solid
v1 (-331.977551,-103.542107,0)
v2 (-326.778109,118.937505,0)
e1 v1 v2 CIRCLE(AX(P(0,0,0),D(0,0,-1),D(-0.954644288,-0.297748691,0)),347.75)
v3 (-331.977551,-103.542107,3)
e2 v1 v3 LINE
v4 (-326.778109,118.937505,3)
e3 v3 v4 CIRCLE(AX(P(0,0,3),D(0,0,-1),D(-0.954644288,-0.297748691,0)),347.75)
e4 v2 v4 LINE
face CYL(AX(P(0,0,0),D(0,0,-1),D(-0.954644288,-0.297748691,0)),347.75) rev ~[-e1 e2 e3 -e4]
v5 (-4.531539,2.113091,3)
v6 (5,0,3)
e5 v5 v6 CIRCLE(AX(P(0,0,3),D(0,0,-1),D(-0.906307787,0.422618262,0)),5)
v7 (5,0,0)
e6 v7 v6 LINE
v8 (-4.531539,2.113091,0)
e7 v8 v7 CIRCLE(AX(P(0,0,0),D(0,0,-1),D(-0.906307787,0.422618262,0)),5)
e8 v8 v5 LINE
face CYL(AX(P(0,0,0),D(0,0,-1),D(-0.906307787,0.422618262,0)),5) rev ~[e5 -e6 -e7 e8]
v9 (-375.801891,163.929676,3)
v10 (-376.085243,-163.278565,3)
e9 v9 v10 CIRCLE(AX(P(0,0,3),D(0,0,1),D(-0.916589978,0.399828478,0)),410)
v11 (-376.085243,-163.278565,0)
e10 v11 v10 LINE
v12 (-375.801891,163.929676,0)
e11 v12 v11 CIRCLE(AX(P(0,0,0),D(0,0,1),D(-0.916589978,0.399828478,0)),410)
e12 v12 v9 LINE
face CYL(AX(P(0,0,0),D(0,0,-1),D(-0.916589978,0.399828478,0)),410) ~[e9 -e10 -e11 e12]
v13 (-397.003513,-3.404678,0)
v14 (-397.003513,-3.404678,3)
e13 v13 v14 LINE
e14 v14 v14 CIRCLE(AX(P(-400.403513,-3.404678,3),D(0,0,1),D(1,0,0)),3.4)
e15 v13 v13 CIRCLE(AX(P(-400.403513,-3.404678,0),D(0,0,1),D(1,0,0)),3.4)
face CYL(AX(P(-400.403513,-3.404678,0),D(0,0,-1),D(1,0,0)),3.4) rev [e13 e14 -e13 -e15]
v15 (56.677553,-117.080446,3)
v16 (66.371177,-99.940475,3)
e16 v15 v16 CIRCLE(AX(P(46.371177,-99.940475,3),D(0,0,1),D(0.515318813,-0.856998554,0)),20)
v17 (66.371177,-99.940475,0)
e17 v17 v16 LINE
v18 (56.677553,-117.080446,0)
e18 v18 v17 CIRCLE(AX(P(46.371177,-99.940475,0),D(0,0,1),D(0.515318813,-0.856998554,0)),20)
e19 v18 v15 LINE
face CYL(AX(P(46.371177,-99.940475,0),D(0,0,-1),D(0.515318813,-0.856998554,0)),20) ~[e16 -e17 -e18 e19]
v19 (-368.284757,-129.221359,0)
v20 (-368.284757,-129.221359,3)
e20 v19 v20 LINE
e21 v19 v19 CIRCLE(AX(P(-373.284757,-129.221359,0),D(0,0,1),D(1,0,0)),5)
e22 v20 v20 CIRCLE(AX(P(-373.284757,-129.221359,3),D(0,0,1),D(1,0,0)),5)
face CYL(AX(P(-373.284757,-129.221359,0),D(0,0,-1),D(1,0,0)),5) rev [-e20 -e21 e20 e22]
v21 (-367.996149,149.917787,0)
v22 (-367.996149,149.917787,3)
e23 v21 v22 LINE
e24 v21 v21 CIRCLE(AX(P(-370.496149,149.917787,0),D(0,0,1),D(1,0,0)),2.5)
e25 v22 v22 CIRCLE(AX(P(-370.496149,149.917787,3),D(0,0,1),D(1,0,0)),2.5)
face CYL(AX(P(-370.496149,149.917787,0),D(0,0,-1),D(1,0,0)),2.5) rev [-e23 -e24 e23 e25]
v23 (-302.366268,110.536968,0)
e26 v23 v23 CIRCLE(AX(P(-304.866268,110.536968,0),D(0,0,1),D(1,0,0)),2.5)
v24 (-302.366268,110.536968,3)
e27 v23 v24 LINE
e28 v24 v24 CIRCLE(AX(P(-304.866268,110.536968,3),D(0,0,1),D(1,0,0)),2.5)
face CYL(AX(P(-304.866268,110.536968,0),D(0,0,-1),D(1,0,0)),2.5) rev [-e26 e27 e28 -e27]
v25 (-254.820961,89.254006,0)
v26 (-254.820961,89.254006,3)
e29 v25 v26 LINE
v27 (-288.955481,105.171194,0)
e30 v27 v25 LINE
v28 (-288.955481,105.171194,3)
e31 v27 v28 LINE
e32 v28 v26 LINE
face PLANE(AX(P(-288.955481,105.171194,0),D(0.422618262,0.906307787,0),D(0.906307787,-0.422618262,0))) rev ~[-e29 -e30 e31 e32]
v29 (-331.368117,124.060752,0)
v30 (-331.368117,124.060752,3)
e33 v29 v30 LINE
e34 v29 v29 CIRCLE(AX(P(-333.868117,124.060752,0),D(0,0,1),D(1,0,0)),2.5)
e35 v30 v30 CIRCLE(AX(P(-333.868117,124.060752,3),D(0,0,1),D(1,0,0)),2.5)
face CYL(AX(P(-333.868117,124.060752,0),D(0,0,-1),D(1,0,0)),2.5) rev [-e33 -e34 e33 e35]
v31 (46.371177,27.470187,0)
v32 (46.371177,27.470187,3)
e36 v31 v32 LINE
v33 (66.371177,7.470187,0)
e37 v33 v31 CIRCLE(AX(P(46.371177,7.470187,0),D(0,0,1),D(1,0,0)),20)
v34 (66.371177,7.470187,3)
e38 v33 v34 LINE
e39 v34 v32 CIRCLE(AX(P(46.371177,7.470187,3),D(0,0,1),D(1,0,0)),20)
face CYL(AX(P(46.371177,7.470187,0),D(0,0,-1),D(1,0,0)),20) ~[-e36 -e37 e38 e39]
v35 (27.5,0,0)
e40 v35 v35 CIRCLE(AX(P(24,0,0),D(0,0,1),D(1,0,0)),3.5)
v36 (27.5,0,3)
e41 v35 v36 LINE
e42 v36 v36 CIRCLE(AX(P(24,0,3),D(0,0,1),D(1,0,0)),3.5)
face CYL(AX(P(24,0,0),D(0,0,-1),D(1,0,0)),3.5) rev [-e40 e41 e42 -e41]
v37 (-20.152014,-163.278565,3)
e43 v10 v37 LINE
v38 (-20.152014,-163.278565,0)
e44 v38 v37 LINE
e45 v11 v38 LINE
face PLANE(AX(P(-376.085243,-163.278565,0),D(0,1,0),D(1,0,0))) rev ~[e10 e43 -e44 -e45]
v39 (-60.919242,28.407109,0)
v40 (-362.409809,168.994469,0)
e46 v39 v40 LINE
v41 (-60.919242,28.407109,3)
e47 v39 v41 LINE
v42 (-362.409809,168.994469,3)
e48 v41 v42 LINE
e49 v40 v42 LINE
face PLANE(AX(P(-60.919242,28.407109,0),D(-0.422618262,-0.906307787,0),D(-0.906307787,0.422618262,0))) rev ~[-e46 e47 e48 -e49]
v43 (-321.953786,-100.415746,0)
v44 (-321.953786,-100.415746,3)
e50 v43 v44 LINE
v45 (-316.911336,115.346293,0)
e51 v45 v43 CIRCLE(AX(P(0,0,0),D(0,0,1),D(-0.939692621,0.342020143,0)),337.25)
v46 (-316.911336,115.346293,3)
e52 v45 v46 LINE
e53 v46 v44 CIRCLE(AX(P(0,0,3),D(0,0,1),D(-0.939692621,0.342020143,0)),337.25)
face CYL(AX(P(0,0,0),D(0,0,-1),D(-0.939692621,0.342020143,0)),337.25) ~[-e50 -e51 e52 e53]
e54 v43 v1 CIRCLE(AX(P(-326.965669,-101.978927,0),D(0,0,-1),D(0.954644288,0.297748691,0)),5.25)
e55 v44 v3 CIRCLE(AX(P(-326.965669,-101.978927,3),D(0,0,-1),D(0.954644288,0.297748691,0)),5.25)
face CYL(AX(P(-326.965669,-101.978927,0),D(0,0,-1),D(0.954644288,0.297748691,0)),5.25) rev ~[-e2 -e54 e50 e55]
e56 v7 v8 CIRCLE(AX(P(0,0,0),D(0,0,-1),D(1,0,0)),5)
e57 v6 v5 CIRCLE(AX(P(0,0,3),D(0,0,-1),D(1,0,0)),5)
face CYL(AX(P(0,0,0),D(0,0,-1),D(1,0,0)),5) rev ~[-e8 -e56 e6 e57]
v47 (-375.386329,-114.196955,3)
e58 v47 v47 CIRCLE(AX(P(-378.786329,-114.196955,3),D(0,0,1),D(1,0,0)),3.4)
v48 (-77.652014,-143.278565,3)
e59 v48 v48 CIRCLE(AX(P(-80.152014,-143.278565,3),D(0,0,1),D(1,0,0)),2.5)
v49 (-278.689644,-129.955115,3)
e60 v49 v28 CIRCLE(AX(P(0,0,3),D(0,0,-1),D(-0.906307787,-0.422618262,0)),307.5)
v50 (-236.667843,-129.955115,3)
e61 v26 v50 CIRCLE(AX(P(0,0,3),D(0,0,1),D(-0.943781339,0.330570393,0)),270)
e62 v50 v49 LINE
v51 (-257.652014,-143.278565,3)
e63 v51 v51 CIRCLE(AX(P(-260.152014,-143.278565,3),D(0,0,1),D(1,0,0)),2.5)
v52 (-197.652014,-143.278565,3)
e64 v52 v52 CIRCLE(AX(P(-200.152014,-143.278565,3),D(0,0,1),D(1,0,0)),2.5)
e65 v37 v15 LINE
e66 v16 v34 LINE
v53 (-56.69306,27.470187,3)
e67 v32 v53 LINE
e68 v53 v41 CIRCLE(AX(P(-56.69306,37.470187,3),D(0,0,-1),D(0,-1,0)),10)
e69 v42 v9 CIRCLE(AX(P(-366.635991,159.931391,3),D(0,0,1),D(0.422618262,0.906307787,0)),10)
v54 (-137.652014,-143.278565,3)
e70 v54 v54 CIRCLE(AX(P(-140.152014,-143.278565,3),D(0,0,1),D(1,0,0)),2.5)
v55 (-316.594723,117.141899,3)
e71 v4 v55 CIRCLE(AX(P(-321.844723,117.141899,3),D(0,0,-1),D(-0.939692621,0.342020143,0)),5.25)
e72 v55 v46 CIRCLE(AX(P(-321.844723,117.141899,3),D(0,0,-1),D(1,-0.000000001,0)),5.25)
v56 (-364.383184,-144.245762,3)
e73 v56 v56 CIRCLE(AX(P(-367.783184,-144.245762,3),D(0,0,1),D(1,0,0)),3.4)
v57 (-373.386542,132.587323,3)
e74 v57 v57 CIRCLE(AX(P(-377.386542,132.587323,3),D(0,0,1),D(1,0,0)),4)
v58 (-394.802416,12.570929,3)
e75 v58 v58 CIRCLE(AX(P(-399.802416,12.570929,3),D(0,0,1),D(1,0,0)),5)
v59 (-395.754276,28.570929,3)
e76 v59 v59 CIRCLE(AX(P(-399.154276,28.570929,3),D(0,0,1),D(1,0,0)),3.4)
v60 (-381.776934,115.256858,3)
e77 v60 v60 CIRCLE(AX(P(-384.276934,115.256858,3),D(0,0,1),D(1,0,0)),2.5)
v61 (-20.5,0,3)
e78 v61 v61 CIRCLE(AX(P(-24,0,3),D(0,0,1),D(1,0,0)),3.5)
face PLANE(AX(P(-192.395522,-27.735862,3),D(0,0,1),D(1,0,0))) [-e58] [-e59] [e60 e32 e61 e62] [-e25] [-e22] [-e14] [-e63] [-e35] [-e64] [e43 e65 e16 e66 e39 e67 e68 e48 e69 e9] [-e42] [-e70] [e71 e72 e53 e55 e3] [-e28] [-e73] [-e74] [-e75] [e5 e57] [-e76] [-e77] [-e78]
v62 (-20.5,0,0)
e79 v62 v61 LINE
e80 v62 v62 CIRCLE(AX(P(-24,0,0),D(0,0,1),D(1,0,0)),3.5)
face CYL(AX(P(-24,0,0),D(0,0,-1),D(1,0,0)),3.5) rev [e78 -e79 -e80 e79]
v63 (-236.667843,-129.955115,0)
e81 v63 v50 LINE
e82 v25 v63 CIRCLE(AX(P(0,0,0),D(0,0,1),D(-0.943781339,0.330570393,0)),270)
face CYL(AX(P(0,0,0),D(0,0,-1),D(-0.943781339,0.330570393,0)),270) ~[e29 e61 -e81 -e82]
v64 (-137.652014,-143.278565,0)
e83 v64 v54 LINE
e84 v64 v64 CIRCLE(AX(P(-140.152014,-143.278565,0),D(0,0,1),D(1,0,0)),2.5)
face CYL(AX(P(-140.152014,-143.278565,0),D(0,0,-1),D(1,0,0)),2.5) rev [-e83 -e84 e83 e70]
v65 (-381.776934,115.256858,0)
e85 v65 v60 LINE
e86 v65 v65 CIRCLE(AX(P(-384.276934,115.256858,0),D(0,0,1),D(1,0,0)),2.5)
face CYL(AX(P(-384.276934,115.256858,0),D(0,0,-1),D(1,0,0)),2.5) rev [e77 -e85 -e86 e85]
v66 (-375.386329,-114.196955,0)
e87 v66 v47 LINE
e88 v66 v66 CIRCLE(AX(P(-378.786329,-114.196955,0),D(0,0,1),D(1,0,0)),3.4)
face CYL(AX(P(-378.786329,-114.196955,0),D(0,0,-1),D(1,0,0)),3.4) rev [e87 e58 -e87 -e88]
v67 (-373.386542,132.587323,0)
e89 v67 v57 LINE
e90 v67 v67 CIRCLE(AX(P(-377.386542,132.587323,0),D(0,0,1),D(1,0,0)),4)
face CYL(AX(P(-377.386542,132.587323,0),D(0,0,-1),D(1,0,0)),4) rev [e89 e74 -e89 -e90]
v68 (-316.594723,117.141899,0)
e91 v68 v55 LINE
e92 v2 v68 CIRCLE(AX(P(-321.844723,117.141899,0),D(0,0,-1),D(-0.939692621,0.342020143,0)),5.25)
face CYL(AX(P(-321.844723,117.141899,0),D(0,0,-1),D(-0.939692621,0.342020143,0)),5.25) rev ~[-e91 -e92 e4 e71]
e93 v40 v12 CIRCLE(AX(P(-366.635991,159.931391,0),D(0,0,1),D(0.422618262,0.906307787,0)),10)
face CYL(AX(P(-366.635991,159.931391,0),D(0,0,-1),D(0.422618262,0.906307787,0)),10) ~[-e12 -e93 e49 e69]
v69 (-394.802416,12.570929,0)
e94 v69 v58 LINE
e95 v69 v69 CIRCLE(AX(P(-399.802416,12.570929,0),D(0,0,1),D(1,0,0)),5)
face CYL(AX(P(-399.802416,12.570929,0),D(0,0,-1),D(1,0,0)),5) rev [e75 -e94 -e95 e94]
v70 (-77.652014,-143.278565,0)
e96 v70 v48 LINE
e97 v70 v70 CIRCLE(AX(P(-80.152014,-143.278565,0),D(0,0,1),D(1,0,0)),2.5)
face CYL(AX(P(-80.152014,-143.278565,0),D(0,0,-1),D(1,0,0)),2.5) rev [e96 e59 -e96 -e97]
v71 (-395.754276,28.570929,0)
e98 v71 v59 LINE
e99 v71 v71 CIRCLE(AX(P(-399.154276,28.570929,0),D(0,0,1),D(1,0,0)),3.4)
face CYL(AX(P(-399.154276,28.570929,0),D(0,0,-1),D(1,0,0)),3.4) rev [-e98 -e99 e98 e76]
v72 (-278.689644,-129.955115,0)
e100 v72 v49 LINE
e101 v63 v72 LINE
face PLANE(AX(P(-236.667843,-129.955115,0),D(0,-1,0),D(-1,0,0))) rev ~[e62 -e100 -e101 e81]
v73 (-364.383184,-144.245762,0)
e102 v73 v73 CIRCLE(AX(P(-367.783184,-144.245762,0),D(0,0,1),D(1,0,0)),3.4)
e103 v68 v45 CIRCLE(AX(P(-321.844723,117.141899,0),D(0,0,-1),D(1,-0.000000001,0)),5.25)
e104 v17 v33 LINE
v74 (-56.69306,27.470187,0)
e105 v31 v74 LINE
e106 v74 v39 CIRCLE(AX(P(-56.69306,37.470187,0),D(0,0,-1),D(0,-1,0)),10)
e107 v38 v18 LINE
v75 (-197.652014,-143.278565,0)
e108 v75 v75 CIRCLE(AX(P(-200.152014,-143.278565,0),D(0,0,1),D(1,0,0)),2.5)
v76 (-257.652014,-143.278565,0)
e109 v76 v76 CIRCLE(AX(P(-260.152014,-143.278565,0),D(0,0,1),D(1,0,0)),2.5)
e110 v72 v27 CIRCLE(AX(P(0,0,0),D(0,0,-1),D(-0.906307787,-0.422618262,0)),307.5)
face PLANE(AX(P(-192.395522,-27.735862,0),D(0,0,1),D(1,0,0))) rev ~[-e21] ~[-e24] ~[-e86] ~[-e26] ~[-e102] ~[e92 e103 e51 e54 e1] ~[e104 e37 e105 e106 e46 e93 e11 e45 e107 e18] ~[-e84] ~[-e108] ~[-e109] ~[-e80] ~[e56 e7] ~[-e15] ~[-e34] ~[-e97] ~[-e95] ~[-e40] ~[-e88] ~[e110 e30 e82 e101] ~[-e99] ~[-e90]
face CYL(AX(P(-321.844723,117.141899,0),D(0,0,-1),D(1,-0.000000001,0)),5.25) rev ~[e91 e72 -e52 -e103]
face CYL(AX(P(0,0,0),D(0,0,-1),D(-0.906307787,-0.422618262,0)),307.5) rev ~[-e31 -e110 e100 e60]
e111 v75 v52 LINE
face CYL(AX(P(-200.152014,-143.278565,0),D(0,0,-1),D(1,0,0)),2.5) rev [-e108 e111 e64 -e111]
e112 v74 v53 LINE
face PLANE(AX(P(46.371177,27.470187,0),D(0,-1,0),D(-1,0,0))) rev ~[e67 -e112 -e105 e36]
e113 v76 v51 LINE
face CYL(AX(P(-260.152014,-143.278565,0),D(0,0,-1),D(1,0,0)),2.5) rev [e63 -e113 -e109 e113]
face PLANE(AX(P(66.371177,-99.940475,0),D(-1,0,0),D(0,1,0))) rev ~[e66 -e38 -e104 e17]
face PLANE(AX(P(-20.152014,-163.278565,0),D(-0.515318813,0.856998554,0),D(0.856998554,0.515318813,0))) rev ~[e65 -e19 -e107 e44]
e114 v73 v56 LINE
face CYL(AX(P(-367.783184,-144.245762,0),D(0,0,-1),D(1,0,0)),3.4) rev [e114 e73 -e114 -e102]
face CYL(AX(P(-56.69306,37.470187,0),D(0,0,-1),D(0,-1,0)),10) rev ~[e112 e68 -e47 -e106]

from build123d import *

# Parameters (mm, degrees)
SKETCH1_R           = 3.399999992
SKETCH1_R_2         = 4.999999996
SKETCH1_R_3         = 3.4
SKETCH1_R_4         = 2.499999993
SKETCH1_R_5         = 3.399999999
SKETCH1_R_6         = 3.5
SKETCH1_R_7         = 4.999999995
SKETCH1_R_8         = 2.5
SKETCH1_R_9         = 3.999999996
BOSS_EXTRUDE1_DEPTH = 3


with BuildPart() as part:
    # Sketch1 → Boss-Extrude1 (new body)
    with BuildSketch(Plane.XY):
        with BuildLine():
            Line((-376.085243079, -163.278565422), (-350.152013506, -163.278565422))
            Line((-350.152013506, -163.278565422), (-20.152013506, -163.278565422))
            Line((-20.152013506, -163.278565422), (56.677553307, -117.080446425))
            ThreePointArc((56.677553307, -117.080446425), (63.779903671, -109.786095566), (66.371177049, -99.940475351))
            Line((66.371177049, -99.940475351), (66.371177049, 7.470187014))
            ThreePointArc((66.371177049, 7.470187014), (60.513312673, 21.612322638), (46.371177049, 27.470187014))
            Line((46.371177049, 27.470187014), (-56.693059514, 27.470187014))
            ThreePointArc((-56.693059514, 27.470187014), (-58.857455653, 27.707226943), (-60.919242131, 28.407109144))
            Line((-60.919242131, 28.407109144), (-362.409808619, 168.994469159))
            ThreePointArc((-362.409808619, 168.994469159), (-370.173396171, 169.284827359), (-375.801891017, 163.92967607))
            ThreePointArc((-375.801891017, 163.92967607), (-409.999846255, 0.355046993), (-376.085243079, -163.278565422))
        make_face()
        with Locations((-367.783184481, -144.245762074)):
            Circle(SKETCH1_R, mode=Mode.SUBTRACT)
        with Locations((-373.28475698, -129.22135859)):
            Circle(SKETCH1_R_2, mode=Mode.SUBTRACT)
        with Locations((-378.786329478, -114.196955106)):
            Circle(SKETCH1_R_3, mode=Mode.SUBTRACT)
        with Locations((-260.152013506, -143.278565422)):
            Circle(SKETCH1_R_4, mode=Mode.SUBTRACT)
        with Locations((-200.152013506, -143.278565422)):
            Circle(SKETCH1_R_4, mode=Mode.SUBTRACT)
        with Locations((-400.403512963, -3.404677757)):
            Circle(SKETCH1_R_5, mode=Mode.SUBTRACT)
        with BuildLine():
            ThreePointArc((-278.689644498, -129.955115483), (-307.207328121, -13.412961613), (-288.955480876, 105.171194074))
            Line((-288.955480876, 105.171194074), (-254.820961391, 89.254006231))
            ThreePointArc((-254.820961391, 89.254006231), (-269.078930784, -22.282930678), (-236.667843088, -129.955115483))
            Line((-236.667843088, -129.955115483), (-278.689644498, -129.955115483))
        make_face(mode=Mode.SUBTRACT)
        with Locations((-140.152013506, -143.278565422)):
            Circle(SKETCH1_R_4, mode=Mode.SUBTRACT)
        with Locations((-80.152013506, -143.278565422)):
            Circle(SKETCH1_R_4, mode=Mode.SUBTRACT)
        with Locations((-24, 0)):
            Circle(SKETCH1_R_6, mode=Mode.SUBTRACT)
        with BuildLine():
            ThreePointArc((5.00000001, 2e-09), (-1.082198053, -4.881480028), (-4.531538915, 2.113091308))
            ThreePointArc((-4.531538915, 2.113091308), (1.082198084, 4.881480032), (5.00000001, 2e-09))
        make_face(mode=Mode.SUBTRACT)
        with Locations((24, 0)):
            Circle(SKETCH1_R_6, mode=Mode.SUBTRACT)
        with Locations((-399.802415875, 12.570928686)):
            Circle(SKETCH1_R_7, mode=Mode.SUBTRACT)
        with Locations((-399.154276158, 28.570928686)):
            Circle(SKETCH1_R_3, mode=Mode.SUBTRACT)
        with BuildLine():
            ThreePointArc((-316.911336344, 115.346293338), (-337.157938663, 7.879523189), (-321.95378618, -100.415746047))
            ThreePointArc((-321.95378618, -100.415746047), (-325.402488065, -106.990809188), (-331.977551206, -103.542107303))
            ThreePointArc((-331.977551206, -103.542107303), (-347.65507241, 8.124845631), (-326.778108863, 118.937504843))
            ThreePointArc((-326.77810886, 118.937504842), (-320.933069671, 122.312139792), (-316.594722606, 117.141899091))
            ThreePointArc((-316.594722606, 117.141899091), (-316.674481903, 116.230246159), (-316.911336347, 115.346293339))
        make_face(mode=Mode.SUBTRACT)
        with Locations((-384.276933996, 115.256858232)):
            Circle(SKETCH1_R_8, mode=Mode.SUBTRACT)
        with Locations((-333.868117351, 124.060751978)):
            Circle(SKETCH1_R_8, mode=Mode.SUBTRACT)
        with Locations((-304.866268166, 110.536967602)):
            Circle(SKETCH1_R_8, mode=Mode.SUBTRACT)
        with Locations((-377.386541732, 132.587322578)):
            Circle(SKETCH1_R_9, mode=Mode.SUBTRACT)
        with Locations((-370.496149468, 149.917786924)):
            Circle(SKETCH1_R_8, mode=Mode.SUBTRACT)
    extrude(amount=BOSS_EXTRUDE1_DEPTH)


solid = part.part
